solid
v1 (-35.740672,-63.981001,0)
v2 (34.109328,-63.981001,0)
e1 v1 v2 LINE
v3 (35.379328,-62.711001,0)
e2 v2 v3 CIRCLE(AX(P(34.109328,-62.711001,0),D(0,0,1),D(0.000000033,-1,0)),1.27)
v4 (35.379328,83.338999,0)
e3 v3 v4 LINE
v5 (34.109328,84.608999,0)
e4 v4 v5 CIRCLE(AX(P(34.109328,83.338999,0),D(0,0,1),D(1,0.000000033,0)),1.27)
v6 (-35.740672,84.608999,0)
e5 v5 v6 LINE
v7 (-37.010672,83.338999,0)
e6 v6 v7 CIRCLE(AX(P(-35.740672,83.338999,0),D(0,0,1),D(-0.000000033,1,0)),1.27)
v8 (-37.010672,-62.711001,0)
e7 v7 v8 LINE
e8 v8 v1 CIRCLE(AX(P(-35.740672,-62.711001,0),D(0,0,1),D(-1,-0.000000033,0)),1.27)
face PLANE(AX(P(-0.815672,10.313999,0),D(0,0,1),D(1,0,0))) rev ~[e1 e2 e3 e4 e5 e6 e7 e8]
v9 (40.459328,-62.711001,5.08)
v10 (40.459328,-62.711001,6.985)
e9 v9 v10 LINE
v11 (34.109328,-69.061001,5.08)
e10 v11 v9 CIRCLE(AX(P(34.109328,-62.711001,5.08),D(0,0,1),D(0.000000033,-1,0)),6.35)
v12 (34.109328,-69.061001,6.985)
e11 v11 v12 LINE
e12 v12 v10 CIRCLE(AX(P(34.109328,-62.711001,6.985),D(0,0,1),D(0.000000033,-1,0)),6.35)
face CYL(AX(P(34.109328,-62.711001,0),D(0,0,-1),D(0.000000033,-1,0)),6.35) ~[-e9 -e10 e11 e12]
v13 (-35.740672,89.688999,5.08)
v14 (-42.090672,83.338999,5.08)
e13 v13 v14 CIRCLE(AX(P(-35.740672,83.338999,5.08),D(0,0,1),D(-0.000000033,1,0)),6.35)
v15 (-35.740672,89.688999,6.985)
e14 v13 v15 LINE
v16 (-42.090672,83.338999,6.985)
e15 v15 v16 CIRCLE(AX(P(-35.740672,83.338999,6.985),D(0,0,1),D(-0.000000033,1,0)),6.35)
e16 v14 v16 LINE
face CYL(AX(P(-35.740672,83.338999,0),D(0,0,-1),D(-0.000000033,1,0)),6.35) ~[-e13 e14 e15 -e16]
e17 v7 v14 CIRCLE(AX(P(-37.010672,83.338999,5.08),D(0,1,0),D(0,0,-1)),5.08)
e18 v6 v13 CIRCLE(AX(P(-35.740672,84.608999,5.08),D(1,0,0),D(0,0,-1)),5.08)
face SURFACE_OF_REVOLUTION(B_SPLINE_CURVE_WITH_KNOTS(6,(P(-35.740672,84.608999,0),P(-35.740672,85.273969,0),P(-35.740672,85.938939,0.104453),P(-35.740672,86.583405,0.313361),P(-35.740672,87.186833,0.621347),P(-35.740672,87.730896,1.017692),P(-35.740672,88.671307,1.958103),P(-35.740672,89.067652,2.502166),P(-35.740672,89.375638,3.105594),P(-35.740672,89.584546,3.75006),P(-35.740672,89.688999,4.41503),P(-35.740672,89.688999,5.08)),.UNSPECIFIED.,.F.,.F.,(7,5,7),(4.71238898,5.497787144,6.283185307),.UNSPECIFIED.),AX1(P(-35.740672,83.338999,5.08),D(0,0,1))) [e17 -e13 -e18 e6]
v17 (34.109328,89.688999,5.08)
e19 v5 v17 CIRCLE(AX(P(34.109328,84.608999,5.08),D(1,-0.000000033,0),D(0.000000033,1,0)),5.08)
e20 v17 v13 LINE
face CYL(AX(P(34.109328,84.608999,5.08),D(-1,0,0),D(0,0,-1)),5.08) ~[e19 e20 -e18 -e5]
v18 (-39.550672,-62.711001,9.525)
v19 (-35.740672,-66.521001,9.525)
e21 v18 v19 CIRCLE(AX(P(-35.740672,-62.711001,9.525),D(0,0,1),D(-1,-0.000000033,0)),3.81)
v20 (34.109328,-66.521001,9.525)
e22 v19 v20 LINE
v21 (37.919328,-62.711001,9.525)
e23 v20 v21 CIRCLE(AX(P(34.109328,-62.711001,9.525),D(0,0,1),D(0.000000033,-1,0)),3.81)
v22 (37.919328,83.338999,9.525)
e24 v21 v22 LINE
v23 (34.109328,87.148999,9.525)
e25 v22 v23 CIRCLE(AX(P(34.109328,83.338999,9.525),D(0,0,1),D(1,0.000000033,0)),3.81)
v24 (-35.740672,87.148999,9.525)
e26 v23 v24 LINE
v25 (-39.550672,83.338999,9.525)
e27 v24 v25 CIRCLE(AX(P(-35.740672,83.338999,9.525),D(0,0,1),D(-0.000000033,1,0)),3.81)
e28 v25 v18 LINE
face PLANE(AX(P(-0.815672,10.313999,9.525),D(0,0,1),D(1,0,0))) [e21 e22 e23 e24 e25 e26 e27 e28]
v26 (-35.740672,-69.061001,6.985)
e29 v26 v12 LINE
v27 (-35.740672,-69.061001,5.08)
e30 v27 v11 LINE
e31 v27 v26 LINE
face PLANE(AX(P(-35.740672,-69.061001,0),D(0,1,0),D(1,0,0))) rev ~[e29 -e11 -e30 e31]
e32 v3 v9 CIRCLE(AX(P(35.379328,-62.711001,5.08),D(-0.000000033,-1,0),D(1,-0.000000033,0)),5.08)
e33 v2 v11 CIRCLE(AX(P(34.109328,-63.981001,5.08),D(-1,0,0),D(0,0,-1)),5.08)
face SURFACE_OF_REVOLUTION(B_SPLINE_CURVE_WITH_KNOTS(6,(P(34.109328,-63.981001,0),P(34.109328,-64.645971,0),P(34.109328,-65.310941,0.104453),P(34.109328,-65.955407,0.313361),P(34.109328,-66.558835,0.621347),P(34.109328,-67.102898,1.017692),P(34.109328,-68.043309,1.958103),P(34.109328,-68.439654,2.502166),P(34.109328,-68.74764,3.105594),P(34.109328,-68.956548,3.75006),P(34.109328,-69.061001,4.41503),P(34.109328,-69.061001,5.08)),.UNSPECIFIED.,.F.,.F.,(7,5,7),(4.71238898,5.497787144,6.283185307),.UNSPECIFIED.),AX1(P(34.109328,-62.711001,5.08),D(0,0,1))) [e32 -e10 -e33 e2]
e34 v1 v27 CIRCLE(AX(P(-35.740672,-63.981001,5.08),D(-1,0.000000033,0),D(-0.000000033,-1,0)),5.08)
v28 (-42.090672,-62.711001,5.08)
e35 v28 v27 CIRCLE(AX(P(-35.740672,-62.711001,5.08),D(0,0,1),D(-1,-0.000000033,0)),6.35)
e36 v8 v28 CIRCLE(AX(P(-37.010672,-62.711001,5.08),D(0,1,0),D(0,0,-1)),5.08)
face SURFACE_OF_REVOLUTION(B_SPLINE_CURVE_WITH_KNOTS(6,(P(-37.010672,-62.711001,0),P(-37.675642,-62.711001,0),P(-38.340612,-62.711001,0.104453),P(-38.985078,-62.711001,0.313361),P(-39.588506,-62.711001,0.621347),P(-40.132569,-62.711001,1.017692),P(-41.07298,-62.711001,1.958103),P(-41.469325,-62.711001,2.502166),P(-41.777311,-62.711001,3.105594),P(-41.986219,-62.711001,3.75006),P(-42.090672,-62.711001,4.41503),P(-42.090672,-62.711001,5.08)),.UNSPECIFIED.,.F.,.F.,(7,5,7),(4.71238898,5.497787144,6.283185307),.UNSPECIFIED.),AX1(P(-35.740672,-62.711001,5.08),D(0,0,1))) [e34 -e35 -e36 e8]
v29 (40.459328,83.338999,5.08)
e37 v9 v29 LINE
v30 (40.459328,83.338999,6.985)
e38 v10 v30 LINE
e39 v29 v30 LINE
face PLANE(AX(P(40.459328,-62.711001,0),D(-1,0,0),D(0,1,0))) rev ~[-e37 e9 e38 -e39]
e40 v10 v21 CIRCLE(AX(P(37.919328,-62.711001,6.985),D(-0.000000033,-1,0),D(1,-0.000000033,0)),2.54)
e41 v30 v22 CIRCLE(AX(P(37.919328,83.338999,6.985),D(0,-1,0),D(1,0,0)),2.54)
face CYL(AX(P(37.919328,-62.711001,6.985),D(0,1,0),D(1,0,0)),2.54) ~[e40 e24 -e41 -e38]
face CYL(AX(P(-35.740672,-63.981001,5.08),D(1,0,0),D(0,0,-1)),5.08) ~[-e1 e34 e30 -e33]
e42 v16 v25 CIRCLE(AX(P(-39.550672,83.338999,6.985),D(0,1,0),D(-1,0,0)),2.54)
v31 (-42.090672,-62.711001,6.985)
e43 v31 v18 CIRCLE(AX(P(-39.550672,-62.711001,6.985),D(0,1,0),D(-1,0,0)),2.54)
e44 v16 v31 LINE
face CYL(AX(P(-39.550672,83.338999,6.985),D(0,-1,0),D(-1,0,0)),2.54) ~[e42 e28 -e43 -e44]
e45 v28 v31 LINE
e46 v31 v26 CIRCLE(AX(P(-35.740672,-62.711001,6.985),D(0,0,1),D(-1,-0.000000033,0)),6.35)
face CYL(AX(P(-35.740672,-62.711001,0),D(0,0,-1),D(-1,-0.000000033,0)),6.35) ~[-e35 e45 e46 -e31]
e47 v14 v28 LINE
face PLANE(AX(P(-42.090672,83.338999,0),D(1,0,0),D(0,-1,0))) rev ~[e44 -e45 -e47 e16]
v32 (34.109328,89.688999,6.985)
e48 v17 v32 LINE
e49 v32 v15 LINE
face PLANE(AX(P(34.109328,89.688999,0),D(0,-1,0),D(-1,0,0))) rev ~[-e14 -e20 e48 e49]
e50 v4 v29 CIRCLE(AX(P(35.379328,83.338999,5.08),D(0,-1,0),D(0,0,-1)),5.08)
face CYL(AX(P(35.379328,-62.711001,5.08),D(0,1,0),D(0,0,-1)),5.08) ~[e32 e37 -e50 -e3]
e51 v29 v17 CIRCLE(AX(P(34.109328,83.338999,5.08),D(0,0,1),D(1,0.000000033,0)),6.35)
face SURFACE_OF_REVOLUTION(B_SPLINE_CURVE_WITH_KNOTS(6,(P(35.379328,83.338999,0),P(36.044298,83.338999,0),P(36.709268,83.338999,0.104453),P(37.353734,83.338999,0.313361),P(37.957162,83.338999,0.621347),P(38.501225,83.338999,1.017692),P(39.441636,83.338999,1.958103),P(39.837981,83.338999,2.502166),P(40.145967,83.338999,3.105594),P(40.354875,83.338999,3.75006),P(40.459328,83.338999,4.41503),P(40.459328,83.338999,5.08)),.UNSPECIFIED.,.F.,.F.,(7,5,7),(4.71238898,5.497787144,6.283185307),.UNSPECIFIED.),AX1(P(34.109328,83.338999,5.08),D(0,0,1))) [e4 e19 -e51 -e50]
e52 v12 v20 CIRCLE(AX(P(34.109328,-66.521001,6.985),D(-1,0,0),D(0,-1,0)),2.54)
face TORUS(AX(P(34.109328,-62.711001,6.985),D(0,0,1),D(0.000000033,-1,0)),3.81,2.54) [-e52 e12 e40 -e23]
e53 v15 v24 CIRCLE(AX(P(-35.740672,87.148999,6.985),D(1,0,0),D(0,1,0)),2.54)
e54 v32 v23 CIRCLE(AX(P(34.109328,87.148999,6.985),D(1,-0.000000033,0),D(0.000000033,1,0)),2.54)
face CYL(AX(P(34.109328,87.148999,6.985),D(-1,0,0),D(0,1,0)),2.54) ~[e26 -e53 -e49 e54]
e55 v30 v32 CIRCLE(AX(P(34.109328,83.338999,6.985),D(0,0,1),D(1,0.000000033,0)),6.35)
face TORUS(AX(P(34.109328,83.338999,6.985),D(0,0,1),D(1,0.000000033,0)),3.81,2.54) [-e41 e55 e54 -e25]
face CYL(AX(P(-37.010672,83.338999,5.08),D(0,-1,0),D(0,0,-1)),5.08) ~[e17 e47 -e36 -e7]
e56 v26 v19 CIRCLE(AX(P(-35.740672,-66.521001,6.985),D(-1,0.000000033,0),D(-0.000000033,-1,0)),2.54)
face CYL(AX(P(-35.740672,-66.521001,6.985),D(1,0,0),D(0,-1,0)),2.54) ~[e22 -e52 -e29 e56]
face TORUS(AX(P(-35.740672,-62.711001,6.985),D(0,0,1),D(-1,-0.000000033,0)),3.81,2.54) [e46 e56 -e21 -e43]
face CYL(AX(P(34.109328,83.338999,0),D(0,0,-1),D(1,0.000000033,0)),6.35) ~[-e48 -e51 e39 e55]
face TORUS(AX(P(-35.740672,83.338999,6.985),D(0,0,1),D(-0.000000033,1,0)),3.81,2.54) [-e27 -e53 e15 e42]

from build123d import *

# Parameters (mm, degrees)
F1_DEPTH = 9.525
F2_R     = 2.54
F3_R     = 5.08


with BuildPart() as f1:
    # F0 (on Top) → F1 (new body)
    with BuildSketch(Plane.XY):
        with BuildLine():
            Line((34.109328, 89.688999), (-35.740672, 89.688999))
            ThreePointArc((-35.740672, 89.688999), (-40.2308, 87.829127), (-42.090672, 83.338999))
            Line((-42.090672, 83.338999), (-42.090672, -62.711001))
            ThreePointArc((-42.090672, -62.711001), (-40.2308, -67.201129), (-35.740672, -69.061001))
            Line((-35.740672, -69.061001), (34.109328, -69.061001))
            ThreePointArc((34.109328, -69.061001), (38.599456, -67.201129), (40.459328, -62.711001))
            Line((40.459328, -62.711001), (40.459328, 83.338999))
            ThreePointArc((40.459328, 83.338999), (38.599456, 87.829127), (34.109328, 89.688999))
        make_face()
    extrude(amount=F1_DEPTH)

    # F2
    f2_edges = [f1.edges().sort_by_distance(p)[0] for p in [
        (-42.090672, 10.313999, 9.525),
        (-40.2308, -67.201129, 9.525),
        (-0.815672, -69.061001, 9.525),
        (38.599456, -67.201129, 9.525),
        (40.459328, 10.313999, 9.525),
        (38.599456, 87.829127, 9.525),
        (-0.815672, 89.688999, 9.525),
        (-40.2308, 87.829127, 9.525),
    ]]
    fillet(f2_edges, radius=F2_R)

    # F3
    f3_edges = [f1.edges().sort_by_distance(p)[0] for p in [
        (-42.090672, 10.313999, 0),
        (-40.2308, -67.201129, 0),
        (-0.815672, -69.061001, 0),
        (38.599456, -67.201129, 0),
        (40.459328, 10.313999, 0),
        (38.599456, 87.829127, 0),
        (-0.815672, 89.688999, 0),
        (-40.2308, 87.829127, 0),
    ]]
    fillet(f3_edges, radius=F3_R)


solid = f1.part
